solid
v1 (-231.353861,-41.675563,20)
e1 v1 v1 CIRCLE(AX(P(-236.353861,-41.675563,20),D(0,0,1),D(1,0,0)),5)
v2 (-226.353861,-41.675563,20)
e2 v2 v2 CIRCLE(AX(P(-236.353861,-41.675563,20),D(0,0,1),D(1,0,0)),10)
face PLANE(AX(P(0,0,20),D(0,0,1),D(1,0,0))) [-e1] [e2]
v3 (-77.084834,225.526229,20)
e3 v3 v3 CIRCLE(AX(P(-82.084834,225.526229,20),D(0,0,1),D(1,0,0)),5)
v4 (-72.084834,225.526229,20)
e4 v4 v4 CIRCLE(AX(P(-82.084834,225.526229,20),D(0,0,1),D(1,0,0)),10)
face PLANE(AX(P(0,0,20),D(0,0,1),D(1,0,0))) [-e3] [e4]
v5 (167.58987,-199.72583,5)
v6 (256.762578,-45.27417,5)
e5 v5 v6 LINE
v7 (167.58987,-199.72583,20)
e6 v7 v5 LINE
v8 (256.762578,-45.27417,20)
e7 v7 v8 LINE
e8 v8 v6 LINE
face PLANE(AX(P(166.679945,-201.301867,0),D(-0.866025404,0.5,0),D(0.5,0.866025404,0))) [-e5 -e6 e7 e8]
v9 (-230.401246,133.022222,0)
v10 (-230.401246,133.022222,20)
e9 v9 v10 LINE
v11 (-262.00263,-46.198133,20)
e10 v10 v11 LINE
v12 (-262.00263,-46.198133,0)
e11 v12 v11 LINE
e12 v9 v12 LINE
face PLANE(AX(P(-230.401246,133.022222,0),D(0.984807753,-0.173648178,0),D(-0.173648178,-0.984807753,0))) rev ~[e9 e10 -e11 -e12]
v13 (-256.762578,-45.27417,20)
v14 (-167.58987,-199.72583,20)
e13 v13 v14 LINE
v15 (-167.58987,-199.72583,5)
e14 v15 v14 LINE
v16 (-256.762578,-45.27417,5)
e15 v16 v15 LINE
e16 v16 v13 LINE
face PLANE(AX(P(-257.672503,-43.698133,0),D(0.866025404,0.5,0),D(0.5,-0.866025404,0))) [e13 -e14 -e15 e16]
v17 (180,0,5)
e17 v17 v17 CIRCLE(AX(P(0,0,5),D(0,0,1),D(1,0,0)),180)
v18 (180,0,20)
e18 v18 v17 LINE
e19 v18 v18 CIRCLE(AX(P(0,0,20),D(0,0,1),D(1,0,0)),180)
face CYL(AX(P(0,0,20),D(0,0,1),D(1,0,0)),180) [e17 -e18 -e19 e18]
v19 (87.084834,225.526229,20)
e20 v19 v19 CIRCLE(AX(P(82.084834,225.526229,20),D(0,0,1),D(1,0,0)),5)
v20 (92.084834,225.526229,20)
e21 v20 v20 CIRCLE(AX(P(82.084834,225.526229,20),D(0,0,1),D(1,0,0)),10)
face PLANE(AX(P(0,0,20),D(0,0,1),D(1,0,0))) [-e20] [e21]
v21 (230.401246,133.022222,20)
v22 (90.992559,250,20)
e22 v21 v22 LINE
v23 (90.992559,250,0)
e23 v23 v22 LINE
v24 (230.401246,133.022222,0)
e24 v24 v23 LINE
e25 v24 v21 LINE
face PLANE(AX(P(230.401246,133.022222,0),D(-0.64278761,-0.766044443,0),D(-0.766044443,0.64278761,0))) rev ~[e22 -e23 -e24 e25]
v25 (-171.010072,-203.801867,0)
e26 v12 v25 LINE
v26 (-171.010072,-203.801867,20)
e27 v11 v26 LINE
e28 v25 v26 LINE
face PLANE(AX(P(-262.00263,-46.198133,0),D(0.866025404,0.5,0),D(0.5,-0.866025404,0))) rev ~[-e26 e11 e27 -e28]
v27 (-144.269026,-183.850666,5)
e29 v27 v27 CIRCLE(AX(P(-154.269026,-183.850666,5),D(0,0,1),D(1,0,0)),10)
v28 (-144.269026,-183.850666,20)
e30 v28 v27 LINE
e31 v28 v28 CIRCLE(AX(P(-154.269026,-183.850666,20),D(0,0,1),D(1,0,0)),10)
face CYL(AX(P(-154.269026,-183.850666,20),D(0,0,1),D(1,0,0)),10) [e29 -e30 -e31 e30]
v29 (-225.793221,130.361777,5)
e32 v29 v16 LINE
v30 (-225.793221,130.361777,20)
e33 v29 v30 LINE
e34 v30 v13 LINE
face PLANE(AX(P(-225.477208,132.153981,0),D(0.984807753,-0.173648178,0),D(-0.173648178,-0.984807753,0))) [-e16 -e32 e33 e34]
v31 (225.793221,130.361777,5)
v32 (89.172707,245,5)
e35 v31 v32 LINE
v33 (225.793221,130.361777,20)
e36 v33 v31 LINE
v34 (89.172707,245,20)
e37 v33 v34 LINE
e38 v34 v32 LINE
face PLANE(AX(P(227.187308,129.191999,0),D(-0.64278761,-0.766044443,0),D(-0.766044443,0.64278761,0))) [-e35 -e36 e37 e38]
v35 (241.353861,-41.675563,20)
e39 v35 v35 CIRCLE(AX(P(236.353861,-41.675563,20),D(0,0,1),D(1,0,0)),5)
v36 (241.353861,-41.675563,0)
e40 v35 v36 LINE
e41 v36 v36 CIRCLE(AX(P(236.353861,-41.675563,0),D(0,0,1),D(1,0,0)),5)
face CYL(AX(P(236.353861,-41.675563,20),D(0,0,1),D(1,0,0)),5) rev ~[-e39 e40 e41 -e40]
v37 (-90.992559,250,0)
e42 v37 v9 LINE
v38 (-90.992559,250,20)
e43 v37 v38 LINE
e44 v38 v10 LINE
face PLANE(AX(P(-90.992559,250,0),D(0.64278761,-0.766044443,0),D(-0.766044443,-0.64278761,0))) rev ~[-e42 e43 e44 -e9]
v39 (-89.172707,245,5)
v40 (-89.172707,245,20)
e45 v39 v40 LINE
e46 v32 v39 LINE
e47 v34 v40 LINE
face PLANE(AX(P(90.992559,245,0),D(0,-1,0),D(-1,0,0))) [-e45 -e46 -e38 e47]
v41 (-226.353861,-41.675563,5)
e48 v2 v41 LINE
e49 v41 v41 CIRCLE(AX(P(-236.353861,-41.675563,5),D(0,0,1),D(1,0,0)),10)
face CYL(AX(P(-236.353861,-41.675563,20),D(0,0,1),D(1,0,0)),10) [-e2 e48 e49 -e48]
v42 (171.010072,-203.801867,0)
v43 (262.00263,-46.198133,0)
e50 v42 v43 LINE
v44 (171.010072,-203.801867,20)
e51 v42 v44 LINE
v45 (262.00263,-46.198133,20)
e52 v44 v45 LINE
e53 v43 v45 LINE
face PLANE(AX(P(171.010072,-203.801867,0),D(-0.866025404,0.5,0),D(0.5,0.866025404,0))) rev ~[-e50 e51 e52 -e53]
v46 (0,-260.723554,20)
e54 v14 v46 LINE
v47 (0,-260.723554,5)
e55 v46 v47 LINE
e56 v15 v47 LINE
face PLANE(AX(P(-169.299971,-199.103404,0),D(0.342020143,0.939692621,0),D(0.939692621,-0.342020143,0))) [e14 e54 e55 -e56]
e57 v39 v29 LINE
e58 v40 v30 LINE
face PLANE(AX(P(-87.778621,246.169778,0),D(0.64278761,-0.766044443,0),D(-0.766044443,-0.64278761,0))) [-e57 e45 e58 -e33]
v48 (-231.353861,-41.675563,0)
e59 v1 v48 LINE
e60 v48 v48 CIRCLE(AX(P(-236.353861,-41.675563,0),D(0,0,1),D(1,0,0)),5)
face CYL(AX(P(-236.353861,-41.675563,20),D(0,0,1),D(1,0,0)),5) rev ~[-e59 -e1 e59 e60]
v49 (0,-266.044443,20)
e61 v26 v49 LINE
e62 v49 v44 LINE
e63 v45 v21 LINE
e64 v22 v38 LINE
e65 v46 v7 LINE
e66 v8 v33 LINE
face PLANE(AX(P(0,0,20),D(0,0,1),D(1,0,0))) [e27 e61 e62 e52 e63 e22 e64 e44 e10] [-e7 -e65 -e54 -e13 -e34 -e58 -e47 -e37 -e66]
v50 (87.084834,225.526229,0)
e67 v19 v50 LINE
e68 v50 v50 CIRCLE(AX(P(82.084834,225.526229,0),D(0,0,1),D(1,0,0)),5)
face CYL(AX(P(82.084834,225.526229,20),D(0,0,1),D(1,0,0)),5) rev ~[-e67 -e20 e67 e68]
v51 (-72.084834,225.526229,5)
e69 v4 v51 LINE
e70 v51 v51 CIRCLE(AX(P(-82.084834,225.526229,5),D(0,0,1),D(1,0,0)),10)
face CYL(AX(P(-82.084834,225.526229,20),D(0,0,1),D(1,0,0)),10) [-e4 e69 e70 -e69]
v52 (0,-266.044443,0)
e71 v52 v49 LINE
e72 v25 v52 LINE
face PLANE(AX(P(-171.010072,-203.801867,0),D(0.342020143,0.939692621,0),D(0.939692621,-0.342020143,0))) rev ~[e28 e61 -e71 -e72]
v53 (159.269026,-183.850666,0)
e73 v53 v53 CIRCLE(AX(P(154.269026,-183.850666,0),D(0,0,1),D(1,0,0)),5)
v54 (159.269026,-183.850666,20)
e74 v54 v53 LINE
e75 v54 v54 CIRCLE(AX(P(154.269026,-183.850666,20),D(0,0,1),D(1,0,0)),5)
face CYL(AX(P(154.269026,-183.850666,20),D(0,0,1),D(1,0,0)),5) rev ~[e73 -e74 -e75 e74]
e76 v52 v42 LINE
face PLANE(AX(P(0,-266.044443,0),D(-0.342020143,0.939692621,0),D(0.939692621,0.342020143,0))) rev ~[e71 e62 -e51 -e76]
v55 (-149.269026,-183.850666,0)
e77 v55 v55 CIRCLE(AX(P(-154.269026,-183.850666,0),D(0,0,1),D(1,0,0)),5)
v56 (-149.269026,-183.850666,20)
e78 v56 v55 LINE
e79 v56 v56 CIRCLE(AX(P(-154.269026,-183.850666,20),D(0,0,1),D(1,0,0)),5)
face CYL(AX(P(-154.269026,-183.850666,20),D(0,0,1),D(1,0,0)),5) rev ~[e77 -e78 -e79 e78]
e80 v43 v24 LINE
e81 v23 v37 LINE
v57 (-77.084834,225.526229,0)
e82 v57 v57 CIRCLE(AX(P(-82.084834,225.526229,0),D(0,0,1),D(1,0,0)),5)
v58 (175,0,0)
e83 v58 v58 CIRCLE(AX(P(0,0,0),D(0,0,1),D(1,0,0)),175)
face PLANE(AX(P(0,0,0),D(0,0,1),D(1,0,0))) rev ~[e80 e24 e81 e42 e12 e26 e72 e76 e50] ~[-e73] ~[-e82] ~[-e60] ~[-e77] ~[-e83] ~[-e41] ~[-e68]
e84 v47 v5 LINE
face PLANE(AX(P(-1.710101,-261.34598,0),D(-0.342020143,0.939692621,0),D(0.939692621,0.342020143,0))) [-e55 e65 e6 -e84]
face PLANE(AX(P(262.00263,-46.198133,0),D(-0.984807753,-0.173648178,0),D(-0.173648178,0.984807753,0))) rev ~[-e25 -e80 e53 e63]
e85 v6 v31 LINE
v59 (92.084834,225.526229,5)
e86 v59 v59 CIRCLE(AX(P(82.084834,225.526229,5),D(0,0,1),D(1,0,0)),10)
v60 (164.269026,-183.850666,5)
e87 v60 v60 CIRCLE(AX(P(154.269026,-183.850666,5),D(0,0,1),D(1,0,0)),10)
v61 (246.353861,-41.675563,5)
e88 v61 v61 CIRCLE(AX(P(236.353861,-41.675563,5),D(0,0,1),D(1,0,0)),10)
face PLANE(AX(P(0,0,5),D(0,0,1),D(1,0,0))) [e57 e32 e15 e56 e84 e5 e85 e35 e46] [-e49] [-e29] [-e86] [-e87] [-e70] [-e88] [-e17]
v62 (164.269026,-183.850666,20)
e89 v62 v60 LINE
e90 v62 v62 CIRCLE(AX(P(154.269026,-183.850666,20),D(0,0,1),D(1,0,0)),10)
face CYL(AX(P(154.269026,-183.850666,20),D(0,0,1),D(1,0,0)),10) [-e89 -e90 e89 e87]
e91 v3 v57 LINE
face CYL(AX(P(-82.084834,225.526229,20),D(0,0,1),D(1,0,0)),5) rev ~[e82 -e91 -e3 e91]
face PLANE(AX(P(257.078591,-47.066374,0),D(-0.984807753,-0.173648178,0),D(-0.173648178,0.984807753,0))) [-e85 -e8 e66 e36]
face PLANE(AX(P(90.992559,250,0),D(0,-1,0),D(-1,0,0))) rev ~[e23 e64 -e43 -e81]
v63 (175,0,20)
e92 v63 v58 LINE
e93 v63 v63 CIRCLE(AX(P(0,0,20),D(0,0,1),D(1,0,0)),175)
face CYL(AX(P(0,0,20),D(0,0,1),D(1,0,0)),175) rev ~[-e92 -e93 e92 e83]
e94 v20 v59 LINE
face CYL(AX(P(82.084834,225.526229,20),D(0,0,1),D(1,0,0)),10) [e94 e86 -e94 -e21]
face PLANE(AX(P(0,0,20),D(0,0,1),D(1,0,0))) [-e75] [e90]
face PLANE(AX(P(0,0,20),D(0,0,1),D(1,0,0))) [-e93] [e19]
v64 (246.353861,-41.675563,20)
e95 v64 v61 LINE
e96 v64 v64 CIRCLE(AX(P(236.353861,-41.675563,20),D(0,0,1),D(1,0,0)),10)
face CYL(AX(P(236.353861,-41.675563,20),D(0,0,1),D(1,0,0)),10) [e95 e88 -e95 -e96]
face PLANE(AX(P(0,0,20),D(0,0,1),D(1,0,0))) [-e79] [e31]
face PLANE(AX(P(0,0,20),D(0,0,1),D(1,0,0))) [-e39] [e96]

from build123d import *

# Parameters (mm, degrees)
F1_DEPTH = 20
F2_R     = 175
F3_DEPTH = 20.001
F4_R     = 5
F5_DEPTH = 20.001
F6_T     = -5


with BuildPart() as f1:
    # F0 (on Top) → F1 (new body)
    with BuildSketch(Plane.XY):
        Polygon((90.9925585666, 250), (-90.9925585666, 250), (-230.4012462767, 133.0222215595), (-262.0026302294, -46.198132726), (-171.0100716628, -203.801867274), (0, -266.044443119), (171.0100716628, -203.801867274), (262.0026302294, -46.198132726), (230.4012462767, 133.0222215595), align=None)
    extrude(amount=F1_DEPTH)

    # F2 (on face) → F3 (cut, through all)
    with BuildSketch(Plane.XY.offset(20)):
        Circle(F2_R)
    extrude(amount=-F3_DEPTH, mode=Mode.SUBTRACT)

    # F4 (on face) → F5 (cut, through all)
    with BuildSketch(Plane.XY.offset(20)):
        with Locations((-154.2690263248, -183.8506663486)):
            Circle(F4_R)
        with Locations((236.3538607229, -41.6755626401)):
            Circle(F4_R)
        with Locations((82.0848343982, 225.5262289886)):
            Circle(F4_R)
        with Locations((-236.3538607229, -41.6755626401)):
            Circle(F4_R)
        with Locations((154.2690263248, -183.8506663486)):
            Circle(F4_R)
        with Locations((-82.0848343982, 225.5262289886)):
            Circle(F4_R)
    extrude(amount=-F5_DEPTH, mode=Mode.SUBTRACT)

    # F6
    f6_openings = [f1.faces().sort_by_distance(p)[0] for p in [
        (155.969535, 185.877254, 20),
    ]]
    offset(amount=F6_T, openings=f6_openings)


solid = f1.part
